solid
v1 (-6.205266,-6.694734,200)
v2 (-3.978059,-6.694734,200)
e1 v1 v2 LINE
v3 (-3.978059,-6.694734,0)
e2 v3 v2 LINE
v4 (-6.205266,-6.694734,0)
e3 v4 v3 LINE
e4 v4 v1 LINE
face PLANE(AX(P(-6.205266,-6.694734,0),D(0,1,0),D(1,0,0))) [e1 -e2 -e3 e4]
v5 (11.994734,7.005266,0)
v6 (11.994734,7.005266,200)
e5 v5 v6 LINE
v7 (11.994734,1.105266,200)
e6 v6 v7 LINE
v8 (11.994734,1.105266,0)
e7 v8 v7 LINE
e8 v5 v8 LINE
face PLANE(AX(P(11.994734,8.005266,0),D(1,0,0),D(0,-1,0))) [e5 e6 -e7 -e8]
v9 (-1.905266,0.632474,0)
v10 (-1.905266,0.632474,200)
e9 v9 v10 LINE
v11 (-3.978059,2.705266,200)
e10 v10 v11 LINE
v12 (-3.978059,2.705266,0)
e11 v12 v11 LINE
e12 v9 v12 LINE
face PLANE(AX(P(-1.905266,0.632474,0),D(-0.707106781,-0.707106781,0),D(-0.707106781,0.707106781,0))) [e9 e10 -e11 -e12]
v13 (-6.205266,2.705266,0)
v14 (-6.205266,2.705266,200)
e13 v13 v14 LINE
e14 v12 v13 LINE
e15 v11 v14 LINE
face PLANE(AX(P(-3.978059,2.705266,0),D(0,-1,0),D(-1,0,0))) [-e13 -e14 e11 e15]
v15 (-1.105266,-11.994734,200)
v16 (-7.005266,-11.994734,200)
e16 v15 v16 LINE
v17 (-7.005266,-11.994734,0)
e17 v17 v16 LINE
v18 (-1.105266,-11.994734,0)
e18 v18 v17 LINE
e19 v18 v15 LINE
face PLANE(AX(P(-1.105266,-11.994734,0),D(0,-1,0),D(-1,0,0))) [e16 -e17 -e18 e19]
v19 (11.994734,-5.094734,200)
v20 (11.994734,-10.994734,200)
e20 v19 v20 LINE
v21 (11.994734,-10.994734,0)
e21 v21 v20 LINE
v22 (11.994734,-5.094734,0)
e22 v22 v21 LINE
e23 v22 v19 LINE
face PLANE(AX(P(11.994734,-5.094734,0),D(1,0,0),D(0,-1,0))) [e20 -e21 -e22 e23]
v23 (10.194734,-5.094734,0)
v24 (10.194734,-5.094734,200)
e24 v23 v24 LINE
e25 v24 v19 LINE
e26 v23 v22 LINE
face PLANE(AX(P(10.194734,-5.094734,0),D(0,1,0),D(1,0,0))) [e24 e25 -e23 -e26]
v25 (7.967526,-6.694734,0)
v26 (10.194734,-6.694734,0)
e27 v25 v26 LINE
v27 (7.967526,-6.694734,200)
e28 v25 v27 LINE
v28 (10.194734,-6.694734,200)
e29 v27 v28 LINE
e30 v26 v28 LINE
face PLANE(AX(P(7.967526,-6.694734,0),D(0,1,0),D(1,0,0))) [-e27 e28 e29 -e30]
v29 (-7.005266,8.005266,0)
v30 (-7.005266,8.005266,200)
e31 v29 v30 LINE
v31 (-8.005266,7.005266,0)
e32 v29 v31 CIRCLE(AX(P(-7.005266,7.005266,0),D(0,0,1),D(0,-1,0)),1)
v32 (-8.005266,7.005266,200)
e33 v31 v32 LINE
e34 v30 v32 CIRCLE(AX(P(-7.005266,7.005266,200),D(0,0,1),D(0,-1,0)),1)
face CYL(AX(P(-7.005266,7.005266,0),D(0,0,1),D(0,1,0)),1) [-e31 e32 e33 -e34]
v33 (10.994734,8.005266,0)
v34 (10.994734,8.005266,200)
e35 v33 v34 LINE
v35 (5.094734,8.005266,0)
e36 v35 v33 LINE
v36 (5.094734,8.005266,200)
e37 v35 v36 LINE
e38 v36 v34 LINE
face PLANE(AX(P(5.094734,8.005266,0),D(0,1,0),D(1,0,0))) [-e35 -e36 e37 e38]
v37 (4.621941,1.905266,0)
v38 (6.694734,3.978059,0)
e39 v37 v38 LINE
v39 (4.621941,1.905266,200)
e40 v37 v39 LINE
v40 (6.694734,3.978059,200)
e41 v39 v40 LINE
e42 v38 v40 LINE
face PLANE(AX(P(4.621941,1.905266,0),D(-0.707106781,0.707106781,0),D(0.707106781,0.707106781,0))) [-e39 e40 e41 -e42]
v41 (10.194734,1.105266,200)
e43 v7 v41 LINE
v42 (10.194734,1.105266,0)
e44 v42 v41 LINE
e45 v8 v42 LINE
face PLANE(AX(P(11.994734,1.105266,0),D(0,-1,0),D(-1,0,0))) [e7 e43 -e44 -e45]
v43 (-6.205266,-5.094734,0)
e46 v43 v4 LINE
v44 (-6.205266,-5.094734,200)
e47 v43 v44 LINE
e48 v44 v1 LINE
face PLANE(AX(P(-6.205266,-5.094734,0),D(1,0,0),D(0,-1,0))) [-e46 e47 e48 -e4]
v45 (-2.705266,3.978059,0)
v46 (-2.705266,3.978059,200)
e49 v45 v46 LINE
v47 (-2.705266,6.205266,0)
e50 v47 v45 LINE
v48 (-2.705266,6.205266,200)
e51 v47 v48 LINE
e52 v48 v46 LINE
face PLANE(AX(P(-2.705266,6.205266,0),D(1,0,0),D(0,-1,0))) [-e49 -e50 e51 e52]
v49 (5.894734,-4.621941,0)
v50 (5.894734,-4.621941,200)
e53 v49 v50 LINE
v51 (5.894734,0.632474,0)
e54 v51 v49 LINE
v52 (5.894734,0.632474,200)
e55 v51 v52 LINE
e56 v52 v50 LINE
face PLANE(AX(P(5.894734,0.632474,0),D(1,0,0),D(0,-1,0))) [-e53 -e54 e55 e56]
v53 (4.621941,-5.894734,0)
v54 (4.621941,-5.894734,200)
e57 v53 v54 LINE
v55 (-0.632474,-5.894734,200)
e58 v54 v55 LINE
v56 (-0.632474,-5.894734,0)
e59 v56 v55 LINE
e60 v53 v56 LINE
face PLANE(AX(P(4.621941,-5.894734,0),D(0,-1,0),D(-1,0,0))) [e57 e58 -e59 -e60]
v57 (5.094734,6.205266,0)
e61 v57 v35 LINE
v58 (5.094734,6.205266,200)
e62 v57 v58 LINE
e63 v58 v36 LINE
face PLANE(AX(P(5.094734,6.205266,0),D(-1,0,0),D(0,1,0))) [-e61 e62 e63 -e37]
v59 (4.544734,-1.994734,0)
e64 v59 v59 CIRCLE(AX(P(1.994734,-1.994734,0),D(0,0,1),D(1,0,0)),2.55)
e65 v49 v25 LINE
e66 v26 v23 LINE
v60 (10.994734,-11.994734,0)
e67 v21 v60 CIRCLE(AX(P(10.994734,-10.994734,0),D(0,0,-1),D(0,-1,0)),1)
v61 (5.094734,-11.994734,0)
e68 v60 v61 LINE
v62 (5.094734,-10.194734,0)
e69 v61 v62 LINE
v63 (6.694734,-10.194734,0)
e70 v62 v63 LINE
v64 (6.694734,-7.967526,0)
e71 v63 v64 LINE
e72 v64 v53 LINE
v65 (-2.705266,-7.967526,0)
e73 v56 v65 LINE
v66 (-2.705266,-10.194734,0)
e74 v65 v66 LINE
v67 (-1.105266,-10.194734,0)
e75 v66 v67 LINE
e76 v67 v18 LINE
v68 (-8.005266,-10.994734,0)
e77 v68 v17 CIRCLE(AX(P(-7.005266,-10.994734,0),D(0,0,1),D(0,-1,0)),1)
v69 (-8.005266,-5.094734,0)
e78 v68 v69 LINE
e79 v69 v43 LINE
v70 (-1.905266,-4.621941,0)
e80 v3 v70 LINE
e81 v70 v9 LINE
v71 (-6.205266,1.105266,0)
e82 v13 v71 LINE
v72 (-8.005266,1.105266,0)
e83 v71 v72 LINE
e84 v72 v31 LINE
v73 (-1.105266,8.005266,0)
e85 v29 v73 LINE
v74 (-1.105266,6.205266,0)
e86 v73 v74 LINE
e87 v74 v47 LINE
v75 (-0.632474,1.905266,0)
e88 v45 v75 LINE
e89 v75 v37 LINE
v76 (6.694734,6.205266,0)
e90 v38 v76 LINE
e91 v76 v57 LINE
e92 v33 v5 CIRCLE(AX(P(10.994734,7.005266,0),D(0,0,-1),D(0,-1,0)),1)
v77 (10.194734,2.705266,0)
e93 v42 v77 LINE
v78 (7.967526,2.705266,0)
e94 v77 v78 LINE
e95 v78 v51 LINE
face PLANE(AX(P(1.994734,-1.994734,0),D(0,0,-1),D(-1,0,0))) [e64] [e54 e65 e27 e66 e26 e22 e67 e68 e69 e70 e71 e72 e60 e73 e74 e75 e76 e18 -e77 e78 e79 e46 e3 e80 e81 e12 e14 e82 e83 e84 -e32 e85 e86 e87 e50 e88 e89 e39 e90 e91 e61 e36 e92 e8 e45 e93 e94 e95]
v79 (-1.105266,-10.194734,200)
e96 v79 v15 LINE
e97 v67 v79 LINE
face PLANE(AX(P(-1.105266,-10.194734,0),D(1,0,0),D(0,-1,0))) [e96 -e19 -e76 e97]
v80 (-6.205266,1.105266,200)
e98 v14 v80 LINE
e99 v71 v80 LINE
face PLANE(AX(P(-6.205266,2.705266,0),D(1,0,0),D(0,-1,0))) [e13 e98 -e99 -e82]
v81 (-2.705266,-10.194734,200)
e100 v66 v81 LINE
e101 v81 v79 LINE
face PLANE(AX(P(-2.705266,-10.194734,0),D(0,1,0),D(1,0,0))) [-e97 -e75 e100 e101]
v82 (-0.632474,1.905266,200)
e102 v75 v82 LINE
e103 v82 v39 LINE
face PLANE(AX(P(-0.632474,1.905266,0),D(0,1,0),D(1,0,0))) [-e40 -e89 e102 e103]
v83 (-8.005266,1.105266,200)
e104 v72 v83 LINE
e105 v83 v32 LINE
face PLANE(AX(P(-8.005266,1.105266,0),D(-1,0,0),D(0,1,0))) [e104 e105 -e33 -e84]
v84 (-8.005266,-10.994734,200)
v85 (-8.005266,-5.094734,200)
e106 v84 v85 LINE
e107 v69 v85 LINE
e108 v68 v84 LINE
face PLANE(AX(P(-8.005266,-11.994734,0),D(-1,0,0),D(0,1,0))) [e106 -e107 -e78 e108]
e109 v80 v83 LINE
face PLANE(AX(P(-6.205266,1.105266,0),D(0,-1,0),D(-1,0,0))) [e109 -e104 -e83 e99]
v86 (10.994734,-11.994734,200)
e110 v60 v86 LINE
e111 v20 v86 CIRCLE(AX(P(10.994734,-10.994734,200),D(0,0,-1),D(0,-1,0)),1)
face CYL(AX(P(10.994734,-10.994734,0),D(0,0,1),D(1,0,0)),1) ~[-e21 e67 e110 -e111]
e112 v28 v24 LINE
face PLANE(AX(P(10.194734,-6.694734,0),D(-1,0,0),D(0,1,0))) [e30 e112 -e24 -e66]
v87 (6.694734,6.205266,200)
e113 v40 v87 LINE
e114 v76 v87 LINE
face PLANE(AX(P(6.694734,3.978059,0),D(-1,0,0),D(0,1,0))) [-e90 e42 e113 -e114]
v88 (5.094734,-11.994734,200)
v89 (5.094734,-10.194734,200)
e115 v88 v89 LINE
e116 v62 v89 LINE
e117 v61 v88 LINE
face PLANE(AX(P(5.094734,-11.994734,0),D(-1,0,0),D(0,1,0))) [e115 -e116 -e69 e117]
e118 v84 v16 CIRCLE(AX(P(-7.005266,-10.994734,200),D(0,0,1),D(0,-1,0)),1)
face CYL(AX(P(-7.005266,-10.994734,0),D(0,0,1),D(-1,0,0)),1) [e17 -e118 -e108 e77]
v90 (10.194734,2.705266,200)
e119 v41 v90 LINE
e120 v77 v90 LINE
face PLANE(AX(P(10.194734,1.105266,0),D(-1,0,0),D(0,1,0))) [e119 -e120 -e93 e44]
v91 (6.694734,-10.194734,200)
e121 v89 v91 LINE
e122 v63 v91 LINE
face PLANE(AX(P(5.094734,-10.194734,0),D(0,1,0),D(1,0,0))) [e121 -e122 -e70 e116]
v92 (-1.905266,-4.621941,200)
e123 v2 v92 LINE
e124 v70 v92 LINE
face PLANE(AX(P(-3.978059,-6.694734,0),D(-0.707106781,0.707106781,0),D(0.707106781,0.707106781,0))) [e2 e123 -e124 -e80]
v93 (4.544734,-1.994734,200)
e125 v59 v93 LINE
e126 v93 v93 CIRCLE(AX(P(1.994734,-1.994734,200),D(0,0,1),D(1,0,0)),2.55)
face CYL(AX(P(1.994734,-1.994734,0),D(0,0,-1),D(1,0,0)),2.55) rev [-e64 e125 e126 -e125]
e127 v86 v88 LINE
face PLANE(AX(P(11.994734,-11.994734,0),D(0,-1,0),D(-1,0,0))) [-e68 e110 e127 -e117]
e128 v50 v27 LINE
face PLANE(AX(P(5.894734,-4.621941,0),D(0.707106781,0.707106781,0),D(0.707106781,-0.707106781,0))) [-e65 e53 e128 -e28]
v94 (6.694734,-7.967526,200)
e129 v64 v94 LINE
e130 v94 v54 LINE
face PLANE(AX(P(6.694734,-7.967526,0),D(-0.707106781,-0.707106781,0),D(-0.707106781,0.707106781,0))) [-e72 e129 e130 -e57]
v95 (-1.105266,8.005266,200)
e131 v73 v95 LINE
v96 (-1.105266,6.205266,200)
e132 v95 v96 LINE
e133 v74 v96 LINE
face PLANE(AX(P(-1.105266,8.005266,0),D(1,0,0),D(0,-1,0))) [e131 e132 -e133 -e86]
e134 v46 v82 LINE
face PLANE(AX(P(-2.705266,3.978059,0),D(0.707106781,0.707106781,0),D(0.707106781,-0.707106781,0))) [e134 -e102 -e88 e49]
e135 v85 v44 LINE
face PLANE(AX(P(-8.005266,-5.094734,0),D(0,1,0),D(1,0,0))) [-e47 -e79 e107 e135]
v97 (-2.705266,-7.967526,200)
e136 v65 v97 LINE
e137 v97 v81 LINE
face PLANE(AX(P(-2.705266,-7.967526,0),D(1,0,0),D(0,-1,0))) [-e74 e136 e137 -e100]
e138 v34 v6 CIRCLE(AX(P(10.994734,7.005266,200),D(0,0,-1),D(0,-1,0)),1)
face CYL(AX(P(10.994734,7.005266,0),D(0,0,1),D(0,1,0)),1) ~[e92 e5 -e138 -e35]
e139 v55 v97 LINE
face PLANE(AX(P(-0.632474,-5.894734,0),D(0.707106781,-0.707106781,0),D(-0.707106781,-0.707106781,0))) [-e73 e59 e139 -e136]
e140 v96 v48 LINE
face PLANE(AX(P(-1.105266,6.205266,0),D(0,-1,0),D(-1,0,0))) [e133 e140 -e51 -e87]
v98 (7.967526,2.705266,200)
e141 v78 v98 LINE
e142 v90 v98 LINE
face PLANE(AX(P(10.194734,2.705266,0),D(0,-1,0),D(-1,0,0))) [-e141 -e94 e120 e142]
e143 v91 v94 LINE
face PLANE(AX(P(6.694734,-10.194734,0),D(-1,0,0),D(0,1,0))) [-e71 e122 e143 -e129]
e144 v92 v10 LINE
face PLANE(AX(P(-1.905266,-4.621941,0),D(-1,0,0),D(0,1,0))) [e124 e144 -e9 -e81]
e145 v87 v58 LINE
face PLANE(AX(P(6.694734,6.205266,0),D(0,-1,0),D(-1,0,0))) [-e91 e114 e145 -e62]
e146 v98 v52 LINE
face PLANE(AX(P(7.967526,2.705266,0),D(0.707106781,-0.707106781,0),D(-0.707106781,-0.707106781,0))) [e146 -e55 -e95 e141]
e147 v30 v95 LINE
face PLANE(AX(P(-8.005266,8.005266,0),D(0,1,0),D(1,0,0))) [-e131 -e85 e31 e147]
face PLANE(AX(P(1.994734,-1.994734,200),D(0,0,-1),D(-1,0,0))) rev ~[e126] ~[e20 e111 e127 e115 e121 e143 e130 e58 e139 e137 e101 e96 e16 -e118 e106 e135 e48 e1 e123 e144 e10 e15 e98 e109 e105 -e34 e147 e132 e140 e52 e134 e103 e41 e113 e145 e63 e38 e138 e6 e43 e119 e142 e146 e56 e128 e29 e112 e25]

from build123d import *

# Parameters (mm, degrees)
SKETCH_1_R      = 2.55
EXTRUDE_1_DEPTH = 200
FILLET_1_R      = 1


with BuildPart() as part:
    # 草图1 → 凸台-拉伸1 (new body)
    with BuildSketch(Plane.XY):
        Polygon((4.62194142, 1.905266374), (6.694733626, 3.97805858), (6.694733626, 6.205266374), (5.094733626, 6.205266374), (5.094733626, 8.005266374), (11.994733626, 8.005266374), (11.994733626, 1.105266374), (10.194733626, 1.105266374), (10.194733626, 2.705266374), (7.967525833, 2.705266374), (5.894733626, 0.632474167), (5.894733626, -4.62194142), (7.967525833, -6.694733626), (10.194733626, -6.694733626), (10.194733626, -5.094733626), (11.994733626, -5.094733626), (11.994733626, -11.994733626), (5.094733626, -11.994733626), (5.094733626, -10.194733626), (6.694733626, -10.194733626), (6.694733626, -7.967525833), (4.62194142, -5.894733626), (-0.632474167, -5.894733626), (-2.705266374, -7.967525833), (-2.705266374, -10.194733626), (-1.105266374, -10.194733626), (-1.105266374, -11.994733626), (-8.005266374, -11.994733626), (-8.005266374, -5.094733626), (-6.205266374, -5.094733626), (-6.205266374, -6.694733626), (-3.97805858, -6.694733626), (-1.905266374, -4.62194142), (-1.905266374, 0.632474167), (-3.97805858, 2.705266374), (-6.205266374, 2.705266374), (-6.205266374, 1.105266374), (-8.005266374, 1.105266374), (-8.005266374, 8.005266374), (-1.105266374, 8.005266374), (-1.105266374, 6.205266374), (-2.705266374, 6.205266374), (-2.705266374, 3.97805858), (-0.632474167, 1.905266374), align=None)
        with Locations((1.994733626, -1.994733626)):
            Circle(SKETCH_1_R, mode=Mode.SUBTRACT)
    extrude(amount=EXTRUDE_1_DEPTH)

    # 圆角1
    fillet_1_edges = [part.edges().sort_by_distance(p)[0] for p in [
        (-8.005266374, -11.994733626, 100),
        (-8.005266374, 8.005266374, 100),
        (11.994733626, 8.005266374, 100),
        (11.994733626, -11.994733626, 100),
    ]]
    fillet(fillet_1_edges, radius=FILLET_1_R)


solid = part.part
